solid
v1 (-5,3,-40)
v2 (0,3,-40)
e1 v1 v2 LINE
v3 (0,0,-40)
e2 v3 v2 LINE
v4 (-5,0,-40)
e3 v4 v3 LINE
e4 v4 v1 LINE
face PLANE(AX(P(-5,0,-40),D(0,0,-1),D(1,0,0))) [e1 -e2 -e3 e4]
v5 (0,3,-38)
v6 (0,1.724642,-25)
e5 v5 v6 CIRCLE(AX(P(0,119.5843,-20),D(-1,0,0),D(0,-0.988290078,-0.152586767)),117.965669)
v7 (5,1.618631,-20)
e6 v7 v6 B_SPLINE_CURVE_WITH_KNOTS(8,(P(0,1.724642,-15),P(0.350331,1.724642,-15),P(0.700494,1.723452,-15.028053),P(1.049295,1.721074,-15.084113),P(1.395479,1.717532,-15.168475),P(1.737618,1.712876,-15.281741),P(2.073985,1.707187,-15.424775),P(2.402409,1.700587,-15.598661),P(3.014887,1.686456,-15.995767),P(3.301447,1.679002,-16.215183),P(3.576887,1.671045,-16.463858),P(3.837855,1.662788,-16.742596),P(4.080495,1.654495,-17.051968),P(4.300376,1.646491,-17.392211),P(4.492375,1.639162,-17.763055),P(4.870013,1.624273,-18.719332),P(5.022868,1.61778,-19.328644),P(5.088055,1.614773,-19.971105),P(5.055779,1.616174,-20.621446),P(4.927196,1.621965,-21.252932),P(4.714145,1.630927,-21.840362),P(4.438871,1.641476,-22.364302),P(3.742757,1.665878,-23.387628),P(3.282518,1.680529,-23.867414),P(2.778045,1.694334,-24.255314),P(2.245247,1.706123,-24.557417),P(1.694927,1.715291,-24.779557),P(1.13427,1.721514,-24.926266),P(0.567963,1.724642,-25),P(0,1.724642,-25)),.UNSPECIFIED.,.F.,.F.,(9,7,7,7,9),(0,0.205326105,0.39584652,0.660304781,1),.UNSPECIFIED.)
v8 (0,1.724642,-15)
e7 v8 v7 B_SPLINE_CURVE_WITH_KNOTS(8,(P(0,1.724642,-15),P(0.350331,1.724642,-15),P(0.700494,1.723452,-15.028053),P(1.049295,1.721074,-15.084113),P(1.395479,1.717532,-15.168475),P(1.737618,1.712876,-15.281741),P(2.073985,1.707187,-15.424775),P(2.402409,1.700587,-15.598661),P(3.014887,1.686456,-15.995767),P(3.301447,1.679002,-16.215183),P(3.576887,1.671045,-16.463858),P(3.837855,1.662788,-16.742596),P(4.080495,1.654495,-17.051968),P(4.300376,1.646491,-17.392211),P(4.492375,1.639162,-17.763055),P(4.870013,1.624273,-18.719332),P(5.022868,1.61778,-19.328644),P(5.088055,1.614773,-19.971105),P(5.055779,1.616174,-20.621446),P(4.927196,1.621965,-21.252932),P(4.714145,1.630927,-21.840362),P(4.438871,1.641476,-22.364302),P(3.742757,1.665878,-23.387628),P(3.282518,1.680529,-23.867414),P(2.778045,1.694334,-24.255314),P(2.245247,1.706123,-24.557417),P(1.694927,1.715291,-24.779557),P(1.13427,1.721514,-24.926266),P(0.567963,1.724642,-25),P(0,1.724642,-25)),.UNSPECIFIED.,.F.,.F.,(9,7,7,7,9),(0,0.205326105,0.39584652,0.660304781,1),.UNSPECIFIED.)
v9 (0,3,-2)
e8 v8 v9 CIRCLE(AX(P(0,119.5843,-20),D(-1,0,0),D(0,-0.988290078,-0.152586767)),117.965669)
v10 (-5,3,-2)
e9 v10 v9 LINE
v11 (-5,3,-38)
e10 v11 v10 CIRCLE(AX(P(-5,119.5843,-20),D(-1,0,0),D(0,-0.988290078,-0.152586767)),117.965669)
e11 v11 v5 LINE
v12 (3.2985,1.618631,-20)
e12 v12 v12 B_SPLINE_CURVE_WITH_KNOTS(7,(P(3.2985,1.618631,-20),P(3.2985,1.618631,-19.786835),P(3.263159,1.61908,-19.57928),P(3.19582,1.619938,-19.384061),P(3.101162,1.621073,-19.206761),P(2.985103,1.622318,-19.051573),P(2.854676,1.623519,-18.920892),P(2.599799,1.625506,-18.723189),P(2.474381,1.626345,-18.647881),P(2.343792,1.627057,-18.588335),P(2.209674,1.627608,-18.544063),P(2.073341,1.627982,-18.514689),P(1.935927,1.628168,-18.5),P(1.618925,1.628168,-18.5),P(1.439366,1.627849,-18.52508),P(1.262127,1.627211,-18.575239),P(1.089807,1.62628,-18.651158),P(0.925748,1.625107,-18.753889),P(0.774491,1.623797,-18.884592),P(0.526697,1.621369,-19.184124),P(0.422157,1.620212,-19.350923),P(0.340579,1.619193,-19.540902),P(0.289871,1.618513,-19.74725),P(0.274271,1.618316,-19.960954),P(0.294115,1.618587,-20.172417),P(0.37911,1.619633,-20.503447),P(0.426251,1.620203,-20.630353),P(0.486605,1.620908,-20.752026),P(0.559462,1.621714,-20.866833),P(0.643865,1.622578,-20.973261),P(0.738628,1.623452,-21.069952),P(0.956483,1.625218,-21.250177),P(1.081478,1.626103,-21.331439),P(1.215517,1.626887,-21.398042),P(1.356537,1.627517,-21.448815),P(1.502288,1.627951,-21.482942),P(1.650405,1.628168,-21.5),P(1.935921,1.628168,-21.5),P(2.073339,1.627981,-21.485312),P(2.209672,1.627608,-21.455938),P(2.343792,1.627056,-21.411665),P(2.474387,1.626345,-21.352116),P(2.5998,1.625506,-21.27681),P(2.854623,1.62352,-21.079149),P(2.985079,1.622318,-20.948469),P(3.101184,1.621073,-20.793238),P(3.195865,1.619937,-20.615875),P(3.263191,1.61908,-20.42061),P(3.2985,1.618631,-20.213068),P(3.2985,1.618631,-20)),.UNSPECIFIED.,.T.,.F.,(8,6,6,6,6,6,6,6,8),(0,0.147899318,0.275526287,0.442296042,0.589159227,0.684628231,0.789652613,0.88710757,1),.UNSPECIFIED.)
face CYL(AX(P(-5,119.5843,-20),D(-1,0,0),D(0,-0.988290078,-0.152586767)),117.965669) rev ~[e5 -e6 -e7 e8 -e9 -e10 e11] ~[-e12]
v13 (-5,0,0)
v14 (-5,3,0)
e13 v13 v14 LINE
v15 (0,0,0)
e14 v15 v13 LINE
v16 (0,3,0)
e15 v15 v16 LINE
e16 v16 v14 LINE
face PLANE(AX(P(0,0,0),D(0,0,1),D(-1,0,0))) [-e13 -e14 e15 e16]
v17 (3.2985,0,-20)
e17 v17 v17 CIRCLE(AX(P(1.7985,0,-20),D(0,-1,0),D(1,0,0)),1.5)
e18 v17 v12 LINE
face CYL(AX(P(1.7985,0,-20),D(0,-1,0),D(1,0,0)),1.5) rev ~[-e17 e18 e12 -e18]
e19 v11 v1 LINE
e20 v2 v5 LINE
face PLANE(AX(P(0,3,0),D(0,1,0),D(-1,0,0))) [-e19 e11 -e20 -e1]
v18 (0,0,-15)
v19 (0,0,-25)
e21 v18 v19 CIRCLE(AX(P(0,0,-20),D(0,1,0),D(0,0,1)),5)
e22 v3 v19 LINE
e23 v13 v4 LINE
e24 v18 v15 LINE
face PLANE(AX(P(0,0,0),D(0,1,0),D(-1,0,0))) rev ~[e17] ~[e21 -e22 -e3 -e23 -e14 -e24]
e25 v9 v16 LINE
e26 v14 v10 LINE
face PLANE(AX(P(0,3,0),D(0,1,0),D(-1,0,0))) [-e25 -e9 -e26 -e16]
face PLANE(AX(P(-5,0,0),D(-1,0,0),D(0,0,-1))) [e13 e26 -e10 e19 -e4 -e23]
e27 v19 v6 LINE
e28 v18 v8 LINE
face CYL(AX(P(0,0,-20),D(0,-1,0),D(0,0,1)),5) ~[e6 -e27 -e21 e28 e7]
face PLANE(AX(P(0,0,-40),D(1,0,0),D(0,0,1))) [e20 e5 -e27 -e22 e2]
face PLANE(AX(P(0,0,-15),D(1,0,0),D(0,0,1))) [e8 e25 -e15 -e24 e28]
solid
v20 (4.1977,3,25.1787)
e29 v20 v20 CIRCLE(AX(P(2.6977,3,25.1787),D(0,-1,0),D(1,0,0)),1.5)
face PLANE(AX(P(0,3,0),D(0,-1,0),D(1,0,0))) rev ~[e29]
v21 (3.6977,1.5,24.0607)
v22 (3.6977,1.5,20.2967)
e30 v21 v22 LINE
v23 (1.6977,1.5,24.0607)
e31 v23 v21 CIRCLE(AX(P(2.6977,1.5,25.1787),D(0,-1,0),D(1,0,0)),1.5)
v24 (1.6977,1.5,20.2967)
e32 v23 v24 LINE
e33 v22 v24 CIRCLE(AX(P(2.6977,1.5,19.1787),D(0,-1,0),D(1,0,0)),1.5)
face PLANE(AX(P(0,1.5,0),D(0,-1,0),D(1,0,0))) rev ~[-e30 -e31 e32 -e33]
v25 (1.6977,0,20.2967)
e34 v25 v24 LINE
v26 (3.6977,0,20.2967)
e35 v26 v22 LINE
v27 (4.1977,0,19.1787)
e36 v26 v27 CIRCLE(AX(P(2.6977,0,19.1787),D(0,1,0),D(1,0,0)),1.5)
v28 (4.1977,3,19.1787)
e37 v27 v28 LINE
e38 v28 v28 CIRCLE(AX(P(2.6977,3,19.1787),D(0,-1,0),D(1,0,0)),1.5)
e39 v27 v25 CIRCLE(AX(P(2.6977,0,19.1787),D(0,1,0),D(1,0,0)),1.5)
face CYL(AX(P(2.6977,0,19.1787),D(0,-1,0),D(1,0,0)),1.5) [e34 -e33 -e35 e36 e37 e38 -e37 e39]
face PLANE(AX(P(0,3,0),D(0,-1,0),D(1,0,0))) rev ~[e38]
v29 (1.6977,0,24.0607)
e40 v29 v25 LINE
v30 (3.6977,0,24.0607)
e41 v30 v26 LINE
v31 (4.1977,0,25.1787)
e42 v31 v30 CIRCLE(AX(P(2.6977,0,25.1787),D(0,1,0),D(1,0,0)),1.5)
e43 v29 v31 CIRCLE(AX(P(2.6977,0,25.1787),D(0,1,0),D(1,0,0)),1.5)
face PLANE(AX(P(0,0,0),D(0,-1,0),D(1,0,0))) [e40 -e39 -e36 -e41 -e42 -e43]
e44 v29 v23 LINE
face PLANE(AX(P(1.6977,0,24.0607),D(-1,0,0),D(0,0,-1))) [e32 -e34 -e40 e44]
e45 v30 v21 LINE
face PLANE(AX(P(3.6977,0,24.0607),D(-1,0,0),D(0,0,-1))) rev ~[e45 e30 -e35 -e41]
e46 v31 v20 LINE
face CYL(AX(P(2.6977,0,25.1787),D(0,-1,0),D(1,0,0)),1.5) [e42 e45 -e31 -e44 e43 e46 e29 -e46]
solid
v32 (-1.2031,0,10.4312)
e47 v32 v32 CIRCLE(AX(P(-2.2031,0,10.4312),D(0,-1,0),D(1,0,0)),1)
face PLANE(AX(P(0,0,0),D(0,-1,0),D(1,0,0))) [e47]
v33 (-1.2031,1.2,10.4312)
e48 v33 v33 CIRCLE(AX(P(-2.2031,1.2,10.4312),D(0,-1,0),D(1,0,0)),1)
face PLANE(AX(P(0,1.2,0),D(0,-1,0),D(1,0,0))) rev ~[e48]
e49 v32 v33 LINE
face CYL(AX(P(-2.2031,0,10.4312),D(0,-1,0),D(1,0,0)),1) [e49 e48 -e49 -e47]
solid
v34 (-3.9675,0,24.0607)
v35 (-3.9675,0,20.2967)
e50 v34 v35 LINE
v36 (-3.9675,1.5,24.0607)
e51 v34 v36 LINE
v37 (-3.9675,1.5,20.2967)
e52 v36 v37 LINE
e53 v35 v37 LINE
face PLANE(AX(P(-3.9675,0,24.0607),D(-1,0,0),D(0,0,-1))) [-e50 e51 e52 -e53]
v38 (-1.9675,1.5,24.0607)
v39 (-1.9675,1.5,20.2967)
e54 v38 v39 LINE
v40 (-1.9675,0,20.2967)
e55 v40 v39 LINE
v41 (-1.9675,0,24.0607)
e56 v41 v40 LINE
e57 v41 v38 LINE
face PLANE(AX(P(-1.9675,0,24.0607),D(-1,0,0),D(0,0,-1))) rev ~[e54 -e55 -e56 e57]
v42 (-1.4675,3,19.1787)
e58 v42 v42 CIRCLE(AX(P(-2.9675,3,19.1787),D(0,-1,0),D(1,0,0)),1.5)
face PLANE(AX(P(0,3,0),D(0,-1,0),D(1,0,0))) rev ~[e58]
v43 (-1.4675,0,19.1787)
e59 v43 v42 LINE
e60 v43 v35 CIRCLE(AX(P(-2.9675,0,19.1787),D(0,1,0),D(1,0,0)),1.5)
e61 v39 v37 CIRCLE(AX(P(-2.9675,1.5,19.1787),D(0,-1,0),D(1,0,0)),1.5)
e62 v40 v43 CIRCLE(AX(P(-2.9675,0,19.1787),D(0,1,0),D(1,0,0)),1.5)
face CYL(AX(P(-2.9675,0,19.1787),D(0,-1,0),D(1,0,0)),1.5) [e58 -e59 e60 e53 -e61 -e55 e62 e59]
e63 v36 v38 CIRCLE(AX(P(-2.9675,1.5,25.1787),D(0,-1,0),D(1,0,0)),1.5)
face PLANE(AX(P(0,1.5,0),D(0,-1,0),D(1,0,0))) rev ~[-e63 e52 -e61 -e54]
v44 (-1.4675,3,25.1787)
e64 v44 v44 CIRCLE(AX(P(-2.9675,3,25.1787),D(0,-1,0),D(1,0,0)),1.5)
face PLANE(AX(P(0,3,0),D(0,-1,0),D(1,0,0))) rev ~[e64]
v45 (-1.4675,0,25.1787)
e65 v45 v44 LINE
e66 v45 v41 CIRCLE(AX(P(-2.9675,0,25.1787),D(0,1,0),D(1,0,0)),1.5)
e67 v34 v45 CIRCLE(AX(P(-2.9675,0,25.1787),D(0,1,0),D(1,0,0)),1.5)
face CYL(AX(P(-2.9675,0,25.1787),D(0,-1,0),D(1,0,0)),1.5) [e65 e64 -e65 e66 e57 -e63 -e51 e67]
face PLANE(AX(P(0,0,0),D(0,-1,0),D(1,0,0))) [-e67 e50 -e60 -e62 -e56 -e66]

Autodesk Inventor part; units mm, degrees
ref_plane "YZ Plane" through (0, 0, 0) normal (1, 0, 0) x (0, 1, 0)
ref_plane "XZ Plane" through (0, 0, 0) normal (0, 1, 0) x (-1, 0, 0)
ref_plane "XY Plane" through (0, 0, 0) normal (0, 0, 1) x (1, 0, 0)
sketch "Sketch1" plane through (0, 0, 0) normal (0, 1, 0) x (-1, 0, 0)
  line L0 (0, 0) -> (5, 0)
  line L1 (5, 0) -> (5, -40)
  line L2 (5, -40) -> (0, -40)
  arc A0 (0, -15) -> (0, -25) centre (0, -20) ccw
  line L3 (0, -40) -> (0, -25)
  line L4 (0, -15) -> (0, 0)
  dimension "d0" = 5
  dimension "d1" = 40
extrude "Extrusion1" add sketch "Sketch1" along normal blind 3
sketch "Sketch2" plane through (-5, 0, -40) normal (-1, 0, 0) x (0, 0, 1)
  line L0 (0, 3) -> (40, 3) projected
  line L1 (40, 3) -> (38, 3)
  line L2 (40, 3) -> (25, 3) projected
  line L3 (15, 3) -> (0, 3) projected
  line L4 (0, 3) -> (2, 3)
  arc A0 (2, 3) -> (38, 3) centre (20, 119.5843) ccw
  point P0 (40, 0)
  dimension "d4" = 2
  dimension "d5" = 2
extrude "Extrusion2" cut sketch "Sketch2" against normal blind 10
sketch "Sketch3" plane through (0, 0, 0) normal (0, -1, 0) x (1, 0, 0)
  arc A0 (0, -25) -> (0, -15) centre (0, -20) ccw projected
  circle A1 centre (1.7985, -20) radius 1.5
  point P0 (0, 0)
  dimension "d8" = 3
extrude "Extrusion3" cut sketch "Sketch3" against normal blind 10
sketch "Sketch4" plane through (0, 0, 0) normal (0, -1, 0) x (1, 0, 0)
  circle A0 centre (-2.9675, 25.1787) radius 1.5
  circle A1 centre (-2.9675, 19.1787) radius 1.5
  line L0 (-1.9675, 24.0607) -> (-1.9675, 20.2967)
  line L1 (-3.9675, 24.0607) -> (-3.9675, 20.2967)
  circle A2 centre (2.6977, 25.1787) radius 1.5
  circle A3 centre (2.6977, 19.1787) radius 1.5
  line L2 (3.6977, 24.0607) -> (3.6977, 20.2967)
  line L3 (1.6977, 24.0607) -> (1.6977, 20.2967)
  point P0 (0, 0)
  dimension "d11" = 3
  dimension "d14" = 3
  dimension "d17" = 3
  dimension "d18" = 3
extrude "Extrusion4" add sketch "Sketch4" against normal blind 1.5 contours A0 L0 A1 L1 | A2 L2 A3 L3
sketch "Sketch6" plane through (0, 0, 0) normal (0, -1, 0) x (1, 0, 0)
  circle A0 centre (-2.2031, 10.4312) radius 1
  point P0 (0, 0)
  dimension "d27" = 2
extrude "Extrusion6" add sketch "Sketch6" against normal blind 1.2
sketch "Sketch7" plane through (0, 0, 0) normal (0, -1, 0) x (1, 0, 0)
  circle A0 centre (-2.9675, 25.1787) radius 1.5
  circle A1 centre (-2.9675, 19.1787) radius 1.5
  line L0 (-1.9675, 24.0607) -> (-1.9675, 20.2967)
  line L1 (-3.9675, 24.0607) -> (-3.9675, 20.2967)
  circle A2 centre (2.6977, 25.1787) radius 1.5
  circle A3 centre (2.6977, 19.1787) radius 1.5
  line L2 (3.6977, 24.0607) -> (3.6977, 20.2967)
  line L3 (1.6977, 24.0607) -> (1.6977, 20.2967)
  point P0 (0, 0)
  dimension "d30" = 3
  dimension "d31" = 3
  dimension "d32" = 3
  dimension "d33" = 3
extrude "Extrusion7" add sketch "Sketch7" against normal blind 3 contours A0 | A1 | A2 | A3
properties part number "mano"
